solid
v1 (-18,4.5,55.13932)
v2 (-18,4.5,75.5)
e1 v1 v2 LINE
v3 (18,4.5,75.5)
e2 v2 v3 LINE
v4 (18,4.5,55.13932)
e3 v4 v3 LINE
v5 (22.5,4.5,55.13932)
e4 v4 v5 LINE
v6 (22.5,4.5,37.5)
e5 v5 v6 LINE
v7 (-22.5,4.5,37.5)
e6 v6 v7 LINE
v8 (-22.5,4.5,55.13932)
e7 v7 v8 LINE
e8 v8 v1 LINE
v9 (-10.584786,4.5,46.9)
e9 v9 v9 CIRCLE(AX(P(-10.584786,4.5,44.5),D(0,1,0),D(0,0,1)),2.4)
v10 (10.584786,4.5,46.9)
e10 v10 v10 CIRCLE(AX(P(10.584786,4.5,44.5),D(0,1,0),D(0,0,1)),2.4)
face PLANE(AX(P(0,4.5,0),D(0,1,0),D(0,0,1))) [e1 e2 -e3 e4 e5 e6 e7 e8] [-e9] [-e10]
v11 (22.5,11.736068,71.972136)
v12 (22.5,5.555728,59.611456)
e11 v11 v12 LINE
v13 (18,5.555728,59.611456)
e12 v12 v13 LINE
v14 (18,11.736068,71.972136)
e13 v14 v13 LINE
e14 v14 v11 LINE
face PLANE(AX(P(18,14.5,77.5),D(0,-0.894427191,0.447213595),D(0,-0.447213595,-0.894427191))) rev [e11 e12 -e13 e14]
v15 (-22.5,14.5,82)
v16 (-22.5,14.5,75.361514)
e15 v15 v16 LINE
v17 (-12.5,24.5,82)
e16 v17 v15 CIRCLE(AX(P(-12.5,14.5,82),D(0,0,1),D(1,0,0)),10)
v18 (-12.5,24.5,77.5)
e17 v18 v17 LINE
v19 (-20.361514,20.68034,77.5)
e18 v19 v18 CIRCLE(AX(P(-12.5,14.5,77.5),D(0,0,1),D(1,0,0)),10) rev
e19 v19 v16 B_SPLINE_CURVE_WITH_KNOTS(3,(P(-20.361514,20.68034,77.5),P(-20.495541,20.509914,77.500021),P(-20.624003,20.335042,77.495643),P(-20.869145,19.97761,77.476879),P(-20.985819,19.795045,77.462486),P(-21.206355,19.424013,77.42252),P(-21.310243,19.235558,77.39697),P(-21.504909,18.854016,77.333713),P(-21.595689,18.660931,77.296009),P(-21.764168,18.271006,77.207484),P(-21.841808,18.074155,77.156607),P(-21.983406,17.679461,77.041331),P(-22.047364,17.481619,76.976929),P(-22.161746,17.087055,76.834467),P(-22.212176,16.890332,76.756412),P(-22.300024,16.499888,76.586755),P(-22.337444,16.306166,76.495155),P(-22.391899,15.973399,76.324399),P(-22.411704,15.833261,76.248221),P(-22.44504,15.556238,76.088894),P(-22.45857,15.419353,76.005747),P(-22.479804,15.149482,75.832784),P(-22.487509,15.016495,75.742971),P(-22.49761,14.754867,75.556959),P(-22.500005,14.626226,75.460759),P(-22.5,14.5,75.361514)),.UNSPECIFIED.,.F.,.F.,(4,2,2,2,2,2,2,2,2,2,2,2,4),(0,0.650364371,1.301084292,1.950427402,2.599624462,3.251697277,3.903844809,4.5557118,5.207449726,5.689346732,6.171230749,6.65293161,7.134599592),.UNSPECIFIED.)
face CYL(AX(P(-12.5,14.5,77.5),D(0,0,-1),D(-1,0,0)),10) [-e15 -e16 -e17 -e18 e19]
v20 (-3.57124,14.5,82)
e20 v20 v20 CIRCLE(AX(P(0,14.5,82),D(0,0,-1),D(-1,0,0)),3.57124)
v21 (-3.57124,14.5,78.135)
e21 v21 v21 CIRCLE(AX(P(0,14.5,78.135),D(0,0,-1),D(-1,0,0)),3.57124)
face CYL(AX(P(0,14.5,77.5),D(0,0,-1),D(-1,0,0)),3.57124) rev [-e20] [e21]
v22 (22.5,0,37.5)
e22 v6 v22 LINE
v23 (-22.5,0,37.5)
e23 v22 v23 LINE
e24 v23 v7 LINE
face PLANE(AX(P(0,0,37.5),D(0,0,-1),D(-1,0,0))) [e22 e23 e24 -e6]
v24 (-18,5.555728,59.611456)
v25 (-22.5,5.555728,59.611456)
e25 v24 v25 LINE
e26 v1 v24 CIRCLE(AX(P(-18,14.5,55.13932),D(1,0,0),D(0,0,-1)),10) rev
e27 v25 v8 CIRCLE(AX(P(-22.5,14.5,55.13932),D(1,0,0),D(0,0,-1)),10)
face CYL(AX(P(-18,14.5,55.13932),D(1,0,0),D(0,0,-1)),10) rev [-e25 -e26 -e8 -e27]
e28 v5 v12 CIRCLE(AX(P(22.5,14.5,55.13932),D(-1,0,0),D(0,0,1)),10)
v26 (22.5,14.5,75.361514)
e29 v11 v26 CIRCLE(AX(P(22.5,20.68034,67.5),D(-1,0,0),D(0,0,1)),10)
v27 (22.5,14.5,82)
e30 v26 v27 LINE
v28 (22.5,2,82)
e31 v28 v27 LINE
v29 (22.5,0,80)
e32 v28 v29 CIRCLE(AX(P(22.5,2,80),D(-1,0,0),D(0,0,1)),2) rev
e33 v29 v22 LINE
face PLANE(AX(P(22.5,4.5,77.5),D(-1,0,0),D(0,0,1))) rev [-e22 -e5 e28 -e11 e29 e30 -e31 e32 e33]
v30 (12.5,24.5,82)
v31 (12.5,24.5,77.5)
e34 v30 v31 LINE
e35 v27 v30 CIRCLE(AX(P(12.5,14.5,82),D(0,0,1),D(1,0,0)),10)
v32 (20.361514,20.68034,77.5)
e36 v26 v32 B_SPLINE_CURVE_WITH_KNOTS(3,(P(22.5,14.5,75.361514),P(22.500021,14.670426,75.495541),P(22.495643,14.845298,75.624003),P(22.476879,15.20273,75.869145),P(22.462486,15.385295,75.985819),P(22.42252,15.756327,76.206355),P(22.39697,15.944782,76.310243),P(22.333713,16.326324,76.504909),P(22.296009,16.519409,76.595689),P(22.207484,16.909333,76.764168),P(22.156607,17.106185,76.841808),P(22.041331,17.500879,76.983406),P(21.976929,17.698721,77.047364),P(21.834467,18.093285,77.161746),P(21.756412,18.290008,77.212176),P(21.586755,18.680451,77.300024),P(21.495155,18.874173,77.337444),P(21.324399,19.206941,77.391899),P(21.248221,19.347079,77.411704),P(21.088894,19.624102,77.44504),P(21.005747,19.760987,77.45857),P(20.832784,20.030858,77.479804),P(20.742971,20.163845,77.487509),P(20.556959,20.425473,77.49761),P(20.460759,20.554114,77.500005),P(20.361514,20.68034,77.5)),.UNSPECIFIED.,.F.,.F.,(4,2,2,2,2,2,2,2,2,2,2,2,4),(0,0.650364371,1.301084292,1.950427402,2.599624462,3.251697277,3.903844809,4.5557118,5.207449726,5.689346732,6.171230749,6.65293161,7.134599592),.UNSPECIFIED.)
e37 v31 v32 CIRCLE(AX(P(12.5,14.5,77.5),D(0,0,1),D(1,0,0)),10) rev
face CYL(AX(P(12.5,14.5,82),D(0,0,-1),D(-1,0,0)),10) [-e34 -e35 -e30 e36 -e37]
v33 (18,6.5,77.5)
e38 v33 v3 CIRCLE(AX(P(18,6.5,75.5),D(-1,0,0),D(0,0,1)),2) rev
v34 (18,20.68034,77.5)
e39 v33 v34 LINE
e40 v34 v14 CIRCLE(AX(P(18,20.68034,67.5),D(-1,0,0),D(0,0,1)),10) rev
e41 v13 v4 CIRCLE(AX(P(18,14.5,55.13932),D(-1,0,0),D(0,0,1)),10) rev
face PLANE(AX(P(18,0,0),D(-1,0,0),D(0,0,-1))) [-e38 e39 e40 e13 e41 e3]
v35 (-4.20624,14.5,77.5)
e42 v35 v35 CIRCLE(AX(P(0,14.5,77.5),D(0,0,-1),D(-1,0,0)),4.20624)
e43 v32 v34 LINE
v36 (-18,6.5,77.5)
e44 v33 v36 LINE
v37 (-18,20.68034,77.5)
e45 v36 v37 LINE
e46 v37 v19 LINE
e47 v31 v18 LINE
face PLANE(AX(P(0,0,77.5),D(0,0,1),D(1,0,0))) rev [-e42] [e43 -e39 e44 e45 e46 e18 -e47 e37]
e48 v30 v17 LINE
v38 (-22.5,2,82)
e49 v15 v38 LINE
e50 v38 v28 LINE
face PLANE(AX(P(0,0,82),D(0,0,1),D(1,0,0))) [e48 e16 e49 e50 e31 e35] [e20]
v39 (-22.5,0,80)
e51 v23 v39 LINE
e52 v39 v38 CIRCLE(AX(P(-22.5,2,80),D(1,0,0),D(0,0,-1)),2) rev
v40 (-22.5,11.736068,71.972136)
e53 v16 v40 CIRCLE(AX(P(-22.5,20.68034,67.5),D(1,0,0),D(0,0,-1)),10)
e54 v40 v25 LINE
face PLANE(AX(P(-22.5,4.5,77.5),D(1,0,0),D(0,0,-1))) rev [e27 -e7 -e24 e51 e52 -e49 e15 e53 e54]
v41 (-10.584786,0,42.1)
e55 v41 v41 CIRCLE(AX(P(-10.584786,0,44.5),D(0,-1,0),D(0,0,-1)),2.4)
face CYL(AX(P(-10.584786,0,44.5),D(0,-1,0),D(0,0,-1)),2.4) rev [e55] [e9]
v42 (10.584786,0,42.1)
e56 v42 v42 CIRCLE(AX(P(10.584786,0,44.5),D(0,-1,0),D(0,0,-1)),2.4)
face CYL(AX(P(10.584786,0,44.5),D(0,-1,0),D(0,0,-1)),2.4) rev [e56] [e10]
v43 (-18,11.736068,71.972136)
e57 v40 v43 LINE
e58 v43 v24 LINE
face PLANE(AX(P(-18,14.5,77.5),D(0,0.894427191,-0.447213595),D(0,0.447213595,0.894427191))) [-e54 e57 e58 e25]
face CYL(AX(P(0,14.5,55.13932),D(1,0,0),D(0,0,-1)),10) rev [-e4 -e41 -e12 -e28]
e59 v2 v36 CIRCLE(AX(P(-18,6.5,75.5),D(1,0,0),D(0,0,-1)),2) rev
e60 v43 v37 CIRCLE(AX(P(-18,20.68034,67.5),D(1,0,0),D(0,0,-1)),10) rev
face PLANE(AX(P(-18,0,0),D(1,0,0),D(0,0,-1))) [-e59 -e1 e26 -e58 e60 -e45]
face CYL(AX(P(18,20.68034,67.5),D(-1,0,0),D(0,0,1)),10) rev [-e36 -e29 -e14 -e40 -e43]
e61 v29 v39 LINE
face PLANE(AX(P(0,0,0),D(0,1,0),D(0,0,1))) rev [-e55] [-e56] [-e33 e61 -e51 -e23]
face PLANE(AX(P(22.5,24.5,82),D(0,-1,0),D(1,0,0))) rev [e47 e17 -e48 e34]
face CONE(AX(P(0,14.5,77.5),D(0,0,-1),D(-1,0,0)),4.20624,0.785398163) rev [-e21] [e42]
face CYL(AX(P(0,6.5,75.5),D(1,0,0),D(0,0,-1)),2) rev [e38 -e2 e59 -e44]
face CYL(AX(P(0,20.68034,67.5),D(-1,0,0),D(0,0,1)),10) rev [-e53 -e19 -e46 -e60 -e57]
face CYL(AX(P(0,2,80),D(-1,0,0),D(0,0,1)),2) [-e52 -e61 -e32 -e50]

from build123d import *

# Parameters (mm, degrees)
BOSS_EXTRUDE1_DEPTH               = 4.5
M5_CLEARANCE_HOLE1_D              = 5.5
M5_CLEARANCE_HOLE1_CSINK_D        = 5.55
M5_CLEARANCE_HOLE1_CSINK_ANGLE    = 90
SKETCH5_R                         = 12.5
CUT_EXTRUDE1_DEPTH                = 81.825429167
SKETCH12_W                        = 45
SKETCH12_H                        = 24.5
BOSS_EXTRUDE2_DEPTH               = 4.5
F_1_4_CLEARANCE_HOLE1_D           = 7.14248
F_1_4_CLEARANCE_HOLE1_CSINK_D     = 8.41248
F_1_4_CLEARANCE_HOLE1_CSINK_ANGLE = 90
FILLET1_R                         = 10
FILLET2_R                         = 2
SKETCH18_W                        = 106.323058396
SKETCH18_H                        = 71.002809098
CUT_EXTRUDE4_DEPTH                = 60
M4_CLEARANCE_HOLE1_D              = 4.8
BOSS_EXTRUDE3_DEPTH               = 4.5
FILLET3_R                         = 10
FILLET3_OF_MIRROR1_R              = 10


with BuildPart() as part:
    # Sketch1 → Boss-Extrude1 (new body)
    with BuildSketch(Plane(origin=(0, 0, 0), x_dir=(1, 0, 0), z_dir=(0, 1, 0))):
        with BuildLine():
            Line((-22.5, -77.5), (22.5, -77.5))
            Line((22.5, -77.5), (22.5, 3.34e-07))
            ThreePointArc((22.5, 3.34e-07), (0, 22.5), (-22.5, 3.34e-07))
            Line((-22.5, 3.34e-07), (-22.5, -77.5))
        make_face()
    extrude(amount=BOSS_EXTRUDE1_DEPTH)

    # M5 Clearance Hole1 (through all)
    with Locations(Plane(origin=(0, 4.5, 0), x_dir=(1, 0, 0), z_dir=(0, 1, 0))):
        with Locations((-6.696960066, -16.167891819), (6.696960066, -16.167891819), (6.696960066, 16.167891819), (-6.696960066, 16.167891819)):
            CounterSinkHole(M5_CLEARANCE_HOLE1_D / 2, M5_CLEARANCE_HOLE1_CSINK_D / 2, counter_sink_angle=M5_CLEARANCE_HOLE1_CSINK_ANGLE)

    # Sketch5 → Cut-Extrude1 (cut, through all)
    with BuildSketch(Plane(origin=(0, 4.5, 0), x_dir=(1, 0, 0), z_dir=(0, 1, 0))):
        with Locations(Location((0, 0, 0), (0, 0, 270))):
            Circle(SKETCH5_R)
    extrude(amount=-CUT_EXTRUDE1_DEPTH, mode=Mode.SUBTRACT)

    # Sketch12 → Boss-Extrude2 (add)
    with BuildSketch(Plane.XY.offset(77.5)):
        with Locations((0, 12.25)):
            Rectangle(SKETCH12_W, SKETCH12_H)
    extrude(amount=BOSS_EXTRUDE2_DEPTH)

    # 1/4 Clearance Hole1 (through all)
    with Locations(Plane(origin=(0, 0, 77.5), x_dir=(-1, 0, 0), z_dir=(0, 0, -1))):
        with Locations((0, 14.5)):
            CounterSinkHole(F_1_4_CLEARANCE_HOLE1_D / 2, F_1_4_CLEARANCE_HOLE1_CSINK_D / 2, counter_sink_angle=F_1_4_CLEARANCE_HOLE1_CSINK_ANGLE)

    # Fillet1
    fillet1_edges = [part.edges().sort_by_distance(p)[0] for p in [
        (22.5, 24.5, 79.75),
        (-22.5, 24.5, 79.75),
    ]]
    fillet(fillet1_edges, radius=FILLET1_R)

    # Fillet2
    fillet2_edges = [part.edges().sort_by_distance(p)[0] for p in [
        (0, 4.5, 77.5),
        (0, 0, 82),
    ]]
    fillet(fillet2_edges, radius=FILLET2_R)

    # Sketch18 → Cut-Extrude4 (cut)
    with BuildSketch(Plane.XY.offset(-22.5)):
        with Locations((20.664180994, 31.016391908)):
            Rectangle(SKETCH18_W, SKETCH18_H)
    extrude(amount=CUT_EXTRUDE4_DEPTH, mode=Mode.SUBTRACT)

    # M4 Clearance Hole1 (through all)
    with Locations(Plane(origin=(0, 0, 0), x_dir=(-1, 0, 0), z_dir=(0, -1, 0))):
        with Locations((10.58478565, -44.5), (-10.58478565, -44.5)):
            Hole(M4_CLEARANCE_HOLE1_D / 2)

    # Sketch23 → Boss-Extrude3 (add)
    with BuildSketch(Plane.ZY.offset(22.5)):
        Polygon((77.5, 14.5), (57.5, 4.5), (77.5, 4.5), align=None)
    boss_extrude3 = extrude(amount=-BOSS_EXTRUDE3_DEPTH)

    # Fillet3
    fillet3_edges = [part.edges().sort_by_distance(p)[0] for p in [
        (-20.25, 14.5, 77.5),
        (-20.25, 4.5, 57.5),
    ]]
    fillet(fillet3_edges, radius=FILLET3_R)

    # Mirror1: Boss-Extrude3 across plane
    add(boss_extrude3.mirror(Plane(origin=(0, 0, 0), x_dir=(0, 0, 1), z_dir=(1, 0, 0))))

    # Fillet3 of Mirror1
    fillet3_of_mirror1_edges = [part.edges().sort_by_distance(p)[0] for p in [
        (20.25, 14.5, 77.5),
        (20.25, 4.5, 57.5),
    ]]
    fillet(fillet3_of_mirror1_edges, radius=FILLET3_OF_MIRROR1_R)


solid = part.part
